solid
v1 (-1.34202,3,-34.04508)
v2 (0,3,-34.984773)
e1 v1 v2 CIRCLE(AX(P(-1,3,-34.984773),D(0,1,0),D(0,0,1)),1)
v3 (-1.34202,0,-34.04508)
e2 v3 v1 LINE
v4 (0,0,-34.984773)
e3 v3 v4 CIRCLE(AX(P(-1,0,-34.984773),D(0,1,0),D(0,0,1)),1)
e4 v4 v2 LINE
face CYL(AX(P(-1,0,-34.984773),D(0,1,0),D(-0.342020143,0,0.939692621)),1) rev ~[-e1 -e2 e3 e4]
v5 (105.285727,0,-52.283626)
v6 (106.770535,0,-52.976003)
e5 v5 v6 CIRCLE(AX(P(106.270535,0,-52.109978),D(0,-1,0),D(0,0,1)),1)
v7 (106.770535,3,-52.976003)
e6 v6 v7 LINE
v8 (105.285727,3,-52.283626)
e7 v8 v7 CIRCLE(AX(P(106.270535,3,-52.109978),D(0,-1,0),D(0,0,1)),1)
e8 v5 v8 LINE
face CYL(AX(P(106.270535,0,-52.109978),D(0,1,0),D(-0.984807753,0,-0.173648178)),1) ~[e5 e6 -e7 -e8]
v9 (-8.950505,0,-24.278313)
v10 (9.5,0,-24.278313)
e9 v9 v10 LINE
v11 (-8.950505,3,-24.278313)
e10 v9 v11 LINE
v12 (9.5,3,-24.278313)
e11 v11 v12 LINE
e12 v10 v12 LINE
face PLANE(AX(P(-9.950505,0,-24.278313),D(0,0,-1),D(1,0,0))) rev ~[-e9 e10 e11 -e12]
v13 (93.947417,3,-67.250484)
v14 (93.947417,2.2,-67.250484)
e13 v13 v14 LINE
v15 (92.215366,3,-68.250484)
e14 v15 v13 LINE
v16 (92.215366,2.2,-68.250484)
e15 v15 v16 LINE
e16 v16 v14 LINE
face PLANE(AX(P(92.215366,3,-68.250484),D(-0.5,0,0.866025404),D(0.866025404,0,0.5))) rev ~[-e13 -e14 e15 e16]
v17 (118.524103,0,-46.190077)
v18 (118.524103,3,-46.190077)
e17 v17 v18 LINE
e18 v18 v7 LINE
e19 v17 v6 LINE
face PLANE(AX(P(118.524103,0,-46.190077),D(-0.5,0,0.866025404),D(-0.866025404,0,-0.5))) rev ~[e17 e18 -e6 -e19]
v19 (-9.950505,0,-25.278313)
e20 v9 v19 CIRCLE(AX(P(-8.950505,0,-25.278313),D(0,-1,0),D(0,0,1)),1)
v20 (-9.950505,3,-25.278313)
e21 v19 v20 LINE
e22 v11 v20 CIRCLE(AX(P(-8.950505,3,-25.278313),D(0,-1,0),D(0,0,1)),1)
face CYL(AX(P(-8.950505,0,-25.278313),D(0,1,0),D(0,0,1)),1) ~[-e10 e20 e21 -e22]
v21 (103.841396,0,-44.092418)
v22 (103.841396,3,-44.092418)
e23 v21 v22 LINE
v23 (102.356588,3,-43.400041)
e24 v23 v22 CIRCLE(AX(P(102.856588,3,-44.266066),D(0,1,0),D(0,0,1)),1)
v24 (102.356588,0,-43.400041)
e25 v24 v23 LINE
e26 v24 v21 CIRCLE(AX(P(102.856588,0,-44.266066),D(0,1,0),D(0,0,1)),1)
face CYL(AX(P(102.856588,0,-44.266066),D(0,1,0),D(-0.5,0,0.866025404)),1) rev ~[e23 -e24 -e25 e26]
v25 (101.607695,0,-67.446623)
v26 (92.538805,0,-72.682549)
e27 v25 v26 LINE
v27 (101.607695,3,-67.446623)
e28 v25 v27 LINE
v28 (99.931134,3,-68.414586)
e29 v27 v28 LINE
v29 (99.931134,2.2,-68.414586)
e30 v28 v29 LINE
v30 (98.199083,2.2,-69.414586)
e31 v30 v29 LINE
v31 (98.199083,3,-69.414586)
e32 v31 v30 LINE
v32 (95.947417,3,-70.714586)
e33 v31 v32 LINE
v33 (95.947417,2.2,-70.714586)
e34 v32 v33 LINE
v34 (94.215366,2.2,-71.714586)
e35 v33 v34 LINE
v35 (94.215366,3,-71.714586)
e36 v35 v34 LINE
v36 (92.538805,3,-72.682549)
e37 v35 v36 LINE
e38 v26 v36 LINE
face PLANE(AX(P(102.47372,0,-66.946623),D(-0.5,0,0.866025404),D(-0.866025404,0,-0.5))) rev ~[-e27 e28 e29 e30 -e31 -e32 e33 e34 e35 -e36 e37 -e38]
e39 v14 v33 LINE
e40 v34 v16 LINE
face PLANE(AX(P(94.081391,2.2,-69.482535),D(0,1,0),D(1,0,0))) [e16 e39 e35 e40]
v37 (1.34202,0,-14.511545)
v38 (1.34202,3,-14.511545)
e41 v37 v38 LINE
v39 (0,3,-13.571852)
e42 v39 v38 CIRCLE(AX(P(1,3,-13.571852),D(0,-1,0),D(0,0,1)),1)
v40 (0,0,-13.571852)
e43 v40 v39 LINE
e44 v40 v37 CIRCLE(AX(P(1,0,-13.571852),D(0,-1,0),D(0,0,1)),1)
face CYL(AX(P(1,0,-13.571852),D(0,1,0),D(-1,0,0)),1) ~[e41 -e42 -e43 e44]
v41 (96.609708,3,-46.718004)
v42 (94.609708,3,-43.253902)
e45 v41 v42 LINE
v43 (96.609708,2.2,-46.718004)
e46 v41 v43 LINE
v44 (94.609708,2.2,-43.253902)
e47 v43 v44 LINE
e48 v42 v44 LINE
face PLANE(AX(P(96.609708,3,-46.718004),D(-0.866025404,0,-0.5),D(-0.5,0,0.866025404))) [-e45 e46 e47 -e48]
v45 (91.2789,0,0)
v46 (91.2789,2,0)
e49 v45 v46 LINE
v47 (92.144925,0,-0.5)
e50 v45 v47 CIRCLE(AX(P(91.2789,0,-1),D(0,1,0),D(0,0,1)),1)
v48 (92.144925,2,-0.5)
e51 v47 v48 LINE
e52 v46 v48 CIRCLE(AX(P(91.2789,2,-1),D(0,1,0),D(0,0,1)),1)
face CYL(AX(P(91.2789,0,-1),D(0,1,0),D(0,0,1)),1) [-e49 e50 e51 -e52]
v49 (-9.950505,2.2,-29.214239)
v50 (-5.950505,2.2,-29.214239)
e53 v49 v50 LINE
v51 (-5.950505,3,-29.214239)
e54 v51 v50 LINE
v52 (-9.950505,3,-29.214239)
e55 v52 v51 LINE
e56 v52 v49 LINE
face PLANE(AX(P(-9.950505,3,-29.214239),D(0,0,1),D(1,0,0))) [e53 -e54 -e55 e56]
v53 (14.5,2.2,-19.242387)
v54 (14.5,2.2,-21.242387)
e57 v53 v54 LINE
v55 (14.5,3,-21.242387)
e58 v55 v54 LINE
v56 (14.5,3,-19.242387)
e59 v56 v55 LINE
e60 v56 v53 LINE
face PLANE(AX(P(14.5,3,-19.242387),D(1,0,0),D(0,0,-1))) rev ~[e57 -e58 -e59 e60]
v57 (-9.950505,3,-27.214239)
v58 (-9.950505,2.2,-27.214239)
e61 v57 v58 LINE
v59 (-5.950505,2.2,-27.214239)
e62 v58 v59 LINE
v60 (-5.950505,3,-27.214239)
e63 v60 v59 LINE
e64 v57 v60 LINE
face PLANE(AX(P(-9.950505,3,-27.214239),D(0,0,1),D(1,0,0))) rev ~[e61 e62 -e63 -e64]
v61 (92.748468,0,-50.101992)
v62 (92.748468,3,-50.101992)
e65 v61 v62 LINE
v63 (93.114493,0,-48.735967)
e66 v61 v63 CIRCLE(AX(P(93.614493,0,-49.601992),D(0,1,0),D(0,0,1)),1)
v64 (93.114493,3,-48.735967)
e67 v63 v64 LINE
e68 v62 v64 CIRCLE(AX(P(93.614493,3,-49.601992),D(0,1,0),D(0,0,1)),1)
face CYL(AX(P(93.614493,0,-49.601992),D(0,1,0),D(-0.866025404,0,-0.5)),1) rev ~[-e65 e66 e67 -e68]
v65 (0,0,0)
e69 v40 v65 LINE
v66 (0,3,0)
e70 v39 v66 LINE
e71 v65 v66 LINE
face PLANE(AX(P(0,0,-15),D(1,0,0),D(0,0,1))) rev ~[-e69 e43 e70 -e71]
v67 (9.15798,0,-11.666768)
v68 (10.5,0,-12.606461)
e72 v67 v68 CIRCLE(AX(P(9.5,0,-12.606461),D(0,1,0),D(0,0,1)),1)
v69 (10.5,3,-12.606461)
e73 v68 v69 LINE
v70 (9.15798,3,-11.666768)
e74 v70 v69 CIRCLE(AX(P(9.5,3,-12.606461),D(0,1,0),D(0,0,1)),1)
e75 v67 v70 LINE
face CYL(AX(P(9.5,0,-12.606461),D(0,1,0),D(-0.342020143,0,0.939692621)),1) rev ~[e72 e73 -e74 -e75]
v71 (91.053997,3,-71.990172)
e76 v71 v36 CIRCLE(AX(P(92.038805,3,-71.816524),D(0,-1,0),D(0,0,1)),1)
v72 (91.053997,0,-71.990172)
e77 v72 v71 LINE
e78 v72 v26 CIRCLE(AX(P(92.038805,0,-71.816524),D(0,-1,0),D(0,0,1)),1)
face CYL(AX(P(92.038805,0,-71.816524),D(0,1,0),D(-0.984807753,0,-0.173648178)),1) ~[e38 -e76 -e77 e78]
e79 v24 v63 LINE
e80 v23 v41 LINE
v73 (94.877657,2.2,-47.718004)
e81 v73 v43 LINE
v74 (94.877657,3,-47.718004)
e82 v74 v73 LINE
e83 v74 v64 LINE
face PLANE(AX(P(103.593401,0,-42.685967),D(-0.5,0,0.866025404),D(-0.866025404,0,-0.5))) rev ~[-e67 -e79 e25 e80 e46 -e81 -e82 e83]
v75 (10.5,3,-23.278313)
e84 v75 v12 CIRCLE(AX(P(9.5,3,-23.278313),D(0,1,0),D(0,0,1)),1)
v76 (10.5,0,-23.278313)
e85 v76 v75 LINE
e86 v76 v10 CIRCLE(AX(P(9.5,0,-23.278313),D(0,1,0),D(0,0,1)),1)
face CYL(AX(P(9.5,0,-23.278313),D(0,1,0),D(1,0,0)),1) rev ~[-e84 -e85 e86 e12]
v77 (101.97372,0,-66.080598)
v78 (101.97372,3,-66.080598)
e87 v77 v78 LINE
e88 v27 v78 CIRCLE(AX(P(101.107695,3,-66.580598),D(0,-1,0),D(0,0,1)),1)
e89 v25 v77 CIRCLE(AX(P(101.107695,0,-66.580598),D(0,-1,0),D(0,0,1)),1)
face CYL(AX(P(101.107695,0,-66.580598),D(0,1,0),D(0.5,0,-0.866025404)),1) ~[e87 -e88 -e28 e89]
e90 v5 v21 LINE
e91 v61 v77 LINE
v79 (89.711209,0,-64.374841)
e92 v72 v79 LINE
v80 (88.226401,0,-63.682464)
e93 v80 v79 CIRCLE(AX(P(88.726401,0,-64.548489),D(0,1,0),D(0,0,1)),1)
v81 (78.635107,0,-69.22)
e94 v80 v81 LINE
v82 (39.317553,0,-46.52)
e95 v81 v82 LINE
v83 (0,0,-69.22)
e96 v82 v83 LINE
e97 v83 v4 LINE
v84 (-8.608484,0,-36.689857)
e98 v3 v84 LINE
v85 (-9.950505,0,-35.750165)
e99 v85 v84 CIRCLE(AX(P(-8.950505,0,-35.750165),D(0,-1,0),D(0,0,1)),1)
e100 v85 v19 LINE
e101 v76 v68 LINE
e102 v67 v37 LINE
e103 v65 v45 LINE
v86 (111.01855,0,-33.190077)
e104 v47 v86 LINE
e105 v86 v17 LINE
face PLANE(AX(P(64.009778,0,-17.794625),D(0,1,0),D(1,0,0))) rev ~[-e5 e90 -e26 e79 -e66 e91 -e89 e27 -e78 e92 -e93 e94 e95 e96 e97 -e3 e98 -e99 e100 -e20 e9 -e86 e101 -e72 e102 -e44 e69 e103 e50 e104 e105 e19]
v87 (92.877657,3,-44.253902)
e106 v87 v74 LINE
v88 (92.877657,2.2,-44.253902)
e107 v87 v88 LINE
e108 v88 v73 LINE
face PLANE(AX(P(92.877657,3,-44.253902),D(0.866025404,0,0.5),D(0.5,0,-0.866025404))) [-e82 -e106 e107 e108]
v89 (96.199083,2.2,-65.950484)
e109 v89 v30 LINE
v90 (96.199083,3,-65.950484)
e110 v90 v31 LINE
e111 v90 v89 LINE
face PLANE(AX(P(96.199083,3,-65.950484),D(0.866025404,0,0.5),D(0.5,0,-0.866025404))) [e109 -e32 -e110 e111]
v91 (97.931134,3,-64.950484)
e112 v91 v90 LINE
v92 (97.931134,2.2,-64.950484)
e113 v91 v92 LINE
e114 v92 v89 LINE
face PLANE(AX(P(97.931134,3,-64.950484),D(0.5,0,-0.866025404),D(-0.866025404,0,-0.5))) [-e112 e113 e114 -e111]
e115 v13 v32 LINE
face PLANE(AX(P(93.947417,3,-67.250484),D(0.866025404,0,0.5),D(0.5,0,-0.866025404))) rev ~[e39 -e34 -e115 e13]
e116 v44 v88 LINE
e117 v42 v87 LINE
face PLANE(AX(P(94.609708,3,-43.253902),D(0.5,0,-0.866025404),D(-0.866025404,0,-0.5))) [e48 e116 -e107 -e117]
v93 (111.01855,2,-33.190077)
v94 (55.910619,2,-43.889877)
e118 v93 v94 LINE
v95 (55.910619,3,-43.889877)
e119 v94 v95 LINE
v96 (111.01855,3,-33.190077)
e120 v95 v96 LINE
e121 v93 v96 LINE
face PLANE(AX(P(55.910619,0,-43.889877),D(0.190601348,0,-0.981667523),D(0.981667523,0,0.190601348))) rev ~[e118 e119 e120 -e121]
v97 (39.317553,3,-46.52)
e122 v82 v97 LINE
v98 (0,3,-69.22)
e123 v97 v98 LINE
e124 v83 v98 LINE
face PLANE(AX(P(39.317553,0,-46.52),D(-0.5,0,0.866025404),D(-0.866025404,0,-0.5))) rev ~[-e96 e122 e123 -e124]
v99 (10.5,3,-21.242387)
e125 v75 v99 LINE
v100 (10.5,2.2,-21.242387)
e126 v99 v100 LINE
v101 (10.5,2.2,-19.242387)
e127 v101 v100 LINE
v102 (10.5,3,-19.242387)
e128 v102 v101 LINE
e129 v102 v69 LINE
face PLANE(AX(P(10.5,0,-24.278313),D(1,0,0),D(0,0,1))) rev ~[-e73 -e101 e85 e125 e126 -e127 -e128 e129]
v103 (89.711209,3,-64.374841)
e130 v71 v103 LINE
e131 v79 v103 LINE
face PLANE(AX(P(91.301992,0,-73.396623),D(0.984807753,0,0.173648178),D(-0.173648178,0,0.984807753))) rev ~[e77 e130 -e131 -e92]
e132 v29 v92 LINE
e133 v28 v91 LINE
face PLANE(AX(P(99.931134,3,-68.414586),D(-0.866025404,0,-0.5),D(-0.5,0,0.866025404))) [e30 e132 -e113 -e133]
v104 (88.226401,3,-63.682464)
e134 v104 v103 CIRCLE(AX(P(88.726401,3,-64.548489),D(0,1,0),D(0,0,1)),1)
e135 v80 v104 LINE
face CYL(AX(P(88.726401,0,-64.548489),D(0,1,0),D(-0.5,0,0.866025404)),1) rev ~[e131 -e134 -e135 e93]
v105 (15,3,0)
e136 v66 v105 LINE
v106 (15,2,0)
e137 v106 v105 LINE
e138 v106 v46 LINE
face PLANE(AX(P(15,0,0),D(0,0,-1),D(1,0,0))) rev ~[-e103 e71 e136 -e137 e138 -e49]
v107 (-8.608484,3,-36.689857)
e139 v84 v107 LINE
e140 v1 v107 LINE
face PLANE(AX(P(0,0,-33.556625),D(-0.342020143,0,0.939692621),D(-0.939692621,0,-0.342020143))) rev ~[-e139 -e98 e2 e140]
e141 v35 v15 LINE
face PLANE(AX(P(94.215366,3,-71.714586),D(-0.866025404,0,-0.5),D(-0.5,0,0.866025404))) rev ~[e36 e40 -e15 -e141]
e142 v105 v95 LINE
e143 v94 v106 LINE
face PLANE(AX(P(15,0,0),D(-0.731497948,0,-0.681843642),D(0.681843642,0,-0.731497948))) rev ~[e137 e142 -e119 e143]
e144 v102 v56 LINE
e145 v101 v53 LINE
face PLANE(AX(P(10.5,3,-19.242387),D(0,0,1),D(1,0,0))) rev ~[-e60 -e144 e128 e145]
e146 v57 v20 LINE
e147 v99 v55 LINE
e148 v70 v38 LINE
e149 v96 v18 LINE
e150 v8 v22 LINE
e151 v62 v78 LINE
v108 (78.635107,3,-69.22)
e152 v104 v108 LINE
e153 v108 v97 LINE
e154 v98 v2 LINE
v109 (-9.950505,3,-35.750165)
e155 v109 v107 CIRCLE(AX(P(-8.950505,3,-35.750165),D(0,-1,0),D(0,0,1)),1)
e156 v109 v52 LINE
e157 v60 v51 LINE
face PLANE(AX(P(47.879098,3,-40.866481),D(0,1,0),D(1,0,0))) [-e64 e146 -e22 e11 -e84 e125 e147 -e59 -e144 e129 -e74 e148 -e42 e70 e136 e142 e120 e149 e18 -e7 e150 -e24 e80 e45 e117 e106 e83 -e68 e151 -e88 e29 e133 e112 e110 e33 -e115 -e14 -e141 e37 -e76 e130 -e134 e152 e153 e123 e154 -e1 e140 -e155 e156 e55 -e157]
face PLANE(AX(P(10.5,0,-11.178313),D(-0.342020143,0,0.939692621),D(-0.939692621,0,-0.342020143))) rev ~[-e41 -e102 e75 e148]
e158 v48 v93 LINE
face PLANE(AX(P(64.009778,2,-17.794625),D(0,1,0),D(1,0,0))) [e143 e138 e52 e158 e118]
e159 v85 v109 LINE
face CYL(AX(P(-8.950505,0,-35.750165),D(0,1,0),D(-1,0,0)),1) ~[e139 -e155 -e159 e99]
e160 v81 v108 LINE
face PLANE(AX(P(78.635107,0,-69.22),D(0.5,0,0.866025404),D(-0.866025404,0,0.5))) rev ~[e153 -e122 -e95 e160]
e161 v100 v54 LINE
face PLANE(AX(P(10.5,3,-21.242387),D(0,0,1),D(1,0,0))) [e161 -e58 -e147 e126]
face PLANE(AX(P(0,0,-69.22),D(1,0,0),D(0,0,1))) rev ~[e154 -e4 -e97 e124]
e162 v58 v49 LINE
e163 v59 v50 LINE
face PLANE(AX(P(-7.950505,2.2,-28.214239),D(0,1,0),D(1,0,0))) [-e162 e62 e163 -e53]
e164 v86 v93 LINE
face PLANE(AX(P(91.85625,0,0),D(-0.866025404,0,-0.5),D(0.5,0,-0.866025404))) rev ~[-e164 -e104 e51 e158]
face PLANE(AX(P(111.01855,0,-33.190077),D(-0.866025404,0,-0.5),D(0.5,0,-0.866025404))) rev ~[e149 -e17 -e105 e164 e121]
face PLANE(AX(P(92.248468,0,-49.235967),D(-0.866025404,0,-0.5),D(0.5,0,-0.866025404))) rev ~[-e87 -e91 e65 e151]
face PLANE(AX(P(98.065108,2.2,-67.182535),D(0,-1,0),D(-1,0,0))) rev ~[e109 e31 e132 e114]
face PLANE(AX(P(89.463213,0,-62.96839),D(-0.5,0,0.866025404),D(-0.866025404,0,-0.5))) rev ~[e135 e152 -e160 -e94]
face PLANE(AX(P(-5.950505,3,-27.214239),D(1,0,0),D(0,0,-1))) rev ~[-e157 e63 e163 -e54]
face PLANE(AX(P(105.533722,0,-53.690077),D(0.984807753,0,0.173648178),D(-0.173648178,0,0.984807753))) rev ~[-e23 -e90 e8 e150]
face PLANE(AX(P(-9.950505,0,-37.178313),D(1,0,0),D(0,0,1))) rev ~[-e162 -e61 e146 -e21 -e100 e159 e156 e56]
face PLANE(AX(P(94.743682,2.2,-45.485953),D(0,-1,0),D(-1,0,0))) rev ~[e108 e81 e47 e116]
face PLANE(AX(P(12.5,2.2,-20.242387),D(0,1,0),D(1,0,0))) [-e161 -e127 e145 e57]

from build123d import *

# Parameters (mm, degrees)
P_IDAT_VYSUNUT_M1_DEPTH  = 3
P_IDAT_VYSUNUT_M2_DEPTH  = 2
ZAOBLIT1_R               = 1
ZAOBLIT2_R               = 1
SKICA2_W                 = 4
SKICA2_H                 = 2
ODEBRAT_VYSUNUT_M1_DEPTH = 0.8


with BuildPart() as part:
    # Skica1 → P_idat vysunut_m1 (new body)
    with BuildSketch(Plane(origin=(0, 0, 0), x_dir=(1, 0, 0), z_dir=(0, 1, 0))):
        Polygon((118.524103266, 46.190077074), (105.53372221, 53.690077074), (103.593400635, 42.685966604), (92.248467845, 49.235966604), (102.473720104, 66.946623035), (91.301992395, 73.396623035), (89.463213481, 62.968389614), (78.635106664, 69.22), (39.317553332, 46.52), (0, 69.22), (0, 33.55662508), (-9.950504516, 37.17831254), (-9.950504516, 24.27831254), (10.5, 24.27831254), (10.5, 11.17831254), (0, 15), (0, 0), (15, 0), (55.910618513, 43.889876884), (111.018549767, 33.190077074), align=None)
    extrude(amount=P_IDAT_VYSUNUT_M1_DEPTH)

    # Skica1_3 → P_idat vysunut_m2 (add)
    with BuildSketch(Plane(origin=(0, 0, 0), x_dir=(1, 0, 0), z_dir=(0, 1, 0))):
        Polygon((91.856249834, 0), (111.018549767, 33.190077074), (55.910618513, 43.889876884), (15, 0), align=None)
    extrude(amount=P_IDAT_VYSUNUT_M2_DEPTH)

    # Zaoblit1
    zaoblit1_edges = [part.edges().sort_by_distance(p)[0] for p in [
        (102.473720104, 1.5, -66.946623035),
        (92.248467845, 1.5, -49.235966604),
        (103.593400635, 1.5, -42.685966604),
        (105.53372221, 1.5, -53.690077074),
        (0, 1.5, -15),
        (10.5, 1.5, -11.17831254),
        (10.5, 1.5, -24.27831254),
        (-9.950504516, 1.5, -24.27831254),
        (-9.950504516, 1.5, -37.17831254),
        (0, 1.5, -33.55662508),
        (89.463213481, 1.5, -62.968389614),
        (91.301992395, 1.5, -73.396623035),
    ]]
    fillet(zaoblit1_edges, radius=ZAOBLIT1_R)

    # Zaoblit2
    zaoblit2_edges = [part.edges().sort_by_distance(p)[0] for p in [
        (91.856249834, 1, 0),
    ]]
    fillet(zaoblit2_edges, radius=ZAOBLIT2_R)

    # Skica2 → Odebrat vysunut_m1 (cut)
    with BuildSketch(Plane(origin=(0, 3, 0), x_dir=(1, 0, 0), z_dir=(0, 1, 0))):
        with Locations((-7.950504516, 28.214238537)):
            Rectangle(SKICA2_W, SKICA2_H)
        with Locations((12.5, 20.242386544)):
            Rectangle(SKICA2_W, SKICA2_H)
        Polygon((94.215365942, 71.714586034), (92.215365942, 68.250484418), (93.947416749, 67.250484418), (95.947416749, 70.714586034), align=None)
        Polygon((96.199082799, 65.950484418), (98.199082799, 69.414586034), (99.931133607, 68.414586034), (97.931133607, 64.950484418), align=None)
        Polygon((96.60970769, 46.718003606), (94.60970769, 43.253901991), (92.877656883, 44.253901991), (94.877656883, 47.718003606), align=None)
    extrude(amount=-ODEBRAT_VYSUNUT_M1_DEPTH, mode=Mode.SUBTRACT)


solid = part.part
